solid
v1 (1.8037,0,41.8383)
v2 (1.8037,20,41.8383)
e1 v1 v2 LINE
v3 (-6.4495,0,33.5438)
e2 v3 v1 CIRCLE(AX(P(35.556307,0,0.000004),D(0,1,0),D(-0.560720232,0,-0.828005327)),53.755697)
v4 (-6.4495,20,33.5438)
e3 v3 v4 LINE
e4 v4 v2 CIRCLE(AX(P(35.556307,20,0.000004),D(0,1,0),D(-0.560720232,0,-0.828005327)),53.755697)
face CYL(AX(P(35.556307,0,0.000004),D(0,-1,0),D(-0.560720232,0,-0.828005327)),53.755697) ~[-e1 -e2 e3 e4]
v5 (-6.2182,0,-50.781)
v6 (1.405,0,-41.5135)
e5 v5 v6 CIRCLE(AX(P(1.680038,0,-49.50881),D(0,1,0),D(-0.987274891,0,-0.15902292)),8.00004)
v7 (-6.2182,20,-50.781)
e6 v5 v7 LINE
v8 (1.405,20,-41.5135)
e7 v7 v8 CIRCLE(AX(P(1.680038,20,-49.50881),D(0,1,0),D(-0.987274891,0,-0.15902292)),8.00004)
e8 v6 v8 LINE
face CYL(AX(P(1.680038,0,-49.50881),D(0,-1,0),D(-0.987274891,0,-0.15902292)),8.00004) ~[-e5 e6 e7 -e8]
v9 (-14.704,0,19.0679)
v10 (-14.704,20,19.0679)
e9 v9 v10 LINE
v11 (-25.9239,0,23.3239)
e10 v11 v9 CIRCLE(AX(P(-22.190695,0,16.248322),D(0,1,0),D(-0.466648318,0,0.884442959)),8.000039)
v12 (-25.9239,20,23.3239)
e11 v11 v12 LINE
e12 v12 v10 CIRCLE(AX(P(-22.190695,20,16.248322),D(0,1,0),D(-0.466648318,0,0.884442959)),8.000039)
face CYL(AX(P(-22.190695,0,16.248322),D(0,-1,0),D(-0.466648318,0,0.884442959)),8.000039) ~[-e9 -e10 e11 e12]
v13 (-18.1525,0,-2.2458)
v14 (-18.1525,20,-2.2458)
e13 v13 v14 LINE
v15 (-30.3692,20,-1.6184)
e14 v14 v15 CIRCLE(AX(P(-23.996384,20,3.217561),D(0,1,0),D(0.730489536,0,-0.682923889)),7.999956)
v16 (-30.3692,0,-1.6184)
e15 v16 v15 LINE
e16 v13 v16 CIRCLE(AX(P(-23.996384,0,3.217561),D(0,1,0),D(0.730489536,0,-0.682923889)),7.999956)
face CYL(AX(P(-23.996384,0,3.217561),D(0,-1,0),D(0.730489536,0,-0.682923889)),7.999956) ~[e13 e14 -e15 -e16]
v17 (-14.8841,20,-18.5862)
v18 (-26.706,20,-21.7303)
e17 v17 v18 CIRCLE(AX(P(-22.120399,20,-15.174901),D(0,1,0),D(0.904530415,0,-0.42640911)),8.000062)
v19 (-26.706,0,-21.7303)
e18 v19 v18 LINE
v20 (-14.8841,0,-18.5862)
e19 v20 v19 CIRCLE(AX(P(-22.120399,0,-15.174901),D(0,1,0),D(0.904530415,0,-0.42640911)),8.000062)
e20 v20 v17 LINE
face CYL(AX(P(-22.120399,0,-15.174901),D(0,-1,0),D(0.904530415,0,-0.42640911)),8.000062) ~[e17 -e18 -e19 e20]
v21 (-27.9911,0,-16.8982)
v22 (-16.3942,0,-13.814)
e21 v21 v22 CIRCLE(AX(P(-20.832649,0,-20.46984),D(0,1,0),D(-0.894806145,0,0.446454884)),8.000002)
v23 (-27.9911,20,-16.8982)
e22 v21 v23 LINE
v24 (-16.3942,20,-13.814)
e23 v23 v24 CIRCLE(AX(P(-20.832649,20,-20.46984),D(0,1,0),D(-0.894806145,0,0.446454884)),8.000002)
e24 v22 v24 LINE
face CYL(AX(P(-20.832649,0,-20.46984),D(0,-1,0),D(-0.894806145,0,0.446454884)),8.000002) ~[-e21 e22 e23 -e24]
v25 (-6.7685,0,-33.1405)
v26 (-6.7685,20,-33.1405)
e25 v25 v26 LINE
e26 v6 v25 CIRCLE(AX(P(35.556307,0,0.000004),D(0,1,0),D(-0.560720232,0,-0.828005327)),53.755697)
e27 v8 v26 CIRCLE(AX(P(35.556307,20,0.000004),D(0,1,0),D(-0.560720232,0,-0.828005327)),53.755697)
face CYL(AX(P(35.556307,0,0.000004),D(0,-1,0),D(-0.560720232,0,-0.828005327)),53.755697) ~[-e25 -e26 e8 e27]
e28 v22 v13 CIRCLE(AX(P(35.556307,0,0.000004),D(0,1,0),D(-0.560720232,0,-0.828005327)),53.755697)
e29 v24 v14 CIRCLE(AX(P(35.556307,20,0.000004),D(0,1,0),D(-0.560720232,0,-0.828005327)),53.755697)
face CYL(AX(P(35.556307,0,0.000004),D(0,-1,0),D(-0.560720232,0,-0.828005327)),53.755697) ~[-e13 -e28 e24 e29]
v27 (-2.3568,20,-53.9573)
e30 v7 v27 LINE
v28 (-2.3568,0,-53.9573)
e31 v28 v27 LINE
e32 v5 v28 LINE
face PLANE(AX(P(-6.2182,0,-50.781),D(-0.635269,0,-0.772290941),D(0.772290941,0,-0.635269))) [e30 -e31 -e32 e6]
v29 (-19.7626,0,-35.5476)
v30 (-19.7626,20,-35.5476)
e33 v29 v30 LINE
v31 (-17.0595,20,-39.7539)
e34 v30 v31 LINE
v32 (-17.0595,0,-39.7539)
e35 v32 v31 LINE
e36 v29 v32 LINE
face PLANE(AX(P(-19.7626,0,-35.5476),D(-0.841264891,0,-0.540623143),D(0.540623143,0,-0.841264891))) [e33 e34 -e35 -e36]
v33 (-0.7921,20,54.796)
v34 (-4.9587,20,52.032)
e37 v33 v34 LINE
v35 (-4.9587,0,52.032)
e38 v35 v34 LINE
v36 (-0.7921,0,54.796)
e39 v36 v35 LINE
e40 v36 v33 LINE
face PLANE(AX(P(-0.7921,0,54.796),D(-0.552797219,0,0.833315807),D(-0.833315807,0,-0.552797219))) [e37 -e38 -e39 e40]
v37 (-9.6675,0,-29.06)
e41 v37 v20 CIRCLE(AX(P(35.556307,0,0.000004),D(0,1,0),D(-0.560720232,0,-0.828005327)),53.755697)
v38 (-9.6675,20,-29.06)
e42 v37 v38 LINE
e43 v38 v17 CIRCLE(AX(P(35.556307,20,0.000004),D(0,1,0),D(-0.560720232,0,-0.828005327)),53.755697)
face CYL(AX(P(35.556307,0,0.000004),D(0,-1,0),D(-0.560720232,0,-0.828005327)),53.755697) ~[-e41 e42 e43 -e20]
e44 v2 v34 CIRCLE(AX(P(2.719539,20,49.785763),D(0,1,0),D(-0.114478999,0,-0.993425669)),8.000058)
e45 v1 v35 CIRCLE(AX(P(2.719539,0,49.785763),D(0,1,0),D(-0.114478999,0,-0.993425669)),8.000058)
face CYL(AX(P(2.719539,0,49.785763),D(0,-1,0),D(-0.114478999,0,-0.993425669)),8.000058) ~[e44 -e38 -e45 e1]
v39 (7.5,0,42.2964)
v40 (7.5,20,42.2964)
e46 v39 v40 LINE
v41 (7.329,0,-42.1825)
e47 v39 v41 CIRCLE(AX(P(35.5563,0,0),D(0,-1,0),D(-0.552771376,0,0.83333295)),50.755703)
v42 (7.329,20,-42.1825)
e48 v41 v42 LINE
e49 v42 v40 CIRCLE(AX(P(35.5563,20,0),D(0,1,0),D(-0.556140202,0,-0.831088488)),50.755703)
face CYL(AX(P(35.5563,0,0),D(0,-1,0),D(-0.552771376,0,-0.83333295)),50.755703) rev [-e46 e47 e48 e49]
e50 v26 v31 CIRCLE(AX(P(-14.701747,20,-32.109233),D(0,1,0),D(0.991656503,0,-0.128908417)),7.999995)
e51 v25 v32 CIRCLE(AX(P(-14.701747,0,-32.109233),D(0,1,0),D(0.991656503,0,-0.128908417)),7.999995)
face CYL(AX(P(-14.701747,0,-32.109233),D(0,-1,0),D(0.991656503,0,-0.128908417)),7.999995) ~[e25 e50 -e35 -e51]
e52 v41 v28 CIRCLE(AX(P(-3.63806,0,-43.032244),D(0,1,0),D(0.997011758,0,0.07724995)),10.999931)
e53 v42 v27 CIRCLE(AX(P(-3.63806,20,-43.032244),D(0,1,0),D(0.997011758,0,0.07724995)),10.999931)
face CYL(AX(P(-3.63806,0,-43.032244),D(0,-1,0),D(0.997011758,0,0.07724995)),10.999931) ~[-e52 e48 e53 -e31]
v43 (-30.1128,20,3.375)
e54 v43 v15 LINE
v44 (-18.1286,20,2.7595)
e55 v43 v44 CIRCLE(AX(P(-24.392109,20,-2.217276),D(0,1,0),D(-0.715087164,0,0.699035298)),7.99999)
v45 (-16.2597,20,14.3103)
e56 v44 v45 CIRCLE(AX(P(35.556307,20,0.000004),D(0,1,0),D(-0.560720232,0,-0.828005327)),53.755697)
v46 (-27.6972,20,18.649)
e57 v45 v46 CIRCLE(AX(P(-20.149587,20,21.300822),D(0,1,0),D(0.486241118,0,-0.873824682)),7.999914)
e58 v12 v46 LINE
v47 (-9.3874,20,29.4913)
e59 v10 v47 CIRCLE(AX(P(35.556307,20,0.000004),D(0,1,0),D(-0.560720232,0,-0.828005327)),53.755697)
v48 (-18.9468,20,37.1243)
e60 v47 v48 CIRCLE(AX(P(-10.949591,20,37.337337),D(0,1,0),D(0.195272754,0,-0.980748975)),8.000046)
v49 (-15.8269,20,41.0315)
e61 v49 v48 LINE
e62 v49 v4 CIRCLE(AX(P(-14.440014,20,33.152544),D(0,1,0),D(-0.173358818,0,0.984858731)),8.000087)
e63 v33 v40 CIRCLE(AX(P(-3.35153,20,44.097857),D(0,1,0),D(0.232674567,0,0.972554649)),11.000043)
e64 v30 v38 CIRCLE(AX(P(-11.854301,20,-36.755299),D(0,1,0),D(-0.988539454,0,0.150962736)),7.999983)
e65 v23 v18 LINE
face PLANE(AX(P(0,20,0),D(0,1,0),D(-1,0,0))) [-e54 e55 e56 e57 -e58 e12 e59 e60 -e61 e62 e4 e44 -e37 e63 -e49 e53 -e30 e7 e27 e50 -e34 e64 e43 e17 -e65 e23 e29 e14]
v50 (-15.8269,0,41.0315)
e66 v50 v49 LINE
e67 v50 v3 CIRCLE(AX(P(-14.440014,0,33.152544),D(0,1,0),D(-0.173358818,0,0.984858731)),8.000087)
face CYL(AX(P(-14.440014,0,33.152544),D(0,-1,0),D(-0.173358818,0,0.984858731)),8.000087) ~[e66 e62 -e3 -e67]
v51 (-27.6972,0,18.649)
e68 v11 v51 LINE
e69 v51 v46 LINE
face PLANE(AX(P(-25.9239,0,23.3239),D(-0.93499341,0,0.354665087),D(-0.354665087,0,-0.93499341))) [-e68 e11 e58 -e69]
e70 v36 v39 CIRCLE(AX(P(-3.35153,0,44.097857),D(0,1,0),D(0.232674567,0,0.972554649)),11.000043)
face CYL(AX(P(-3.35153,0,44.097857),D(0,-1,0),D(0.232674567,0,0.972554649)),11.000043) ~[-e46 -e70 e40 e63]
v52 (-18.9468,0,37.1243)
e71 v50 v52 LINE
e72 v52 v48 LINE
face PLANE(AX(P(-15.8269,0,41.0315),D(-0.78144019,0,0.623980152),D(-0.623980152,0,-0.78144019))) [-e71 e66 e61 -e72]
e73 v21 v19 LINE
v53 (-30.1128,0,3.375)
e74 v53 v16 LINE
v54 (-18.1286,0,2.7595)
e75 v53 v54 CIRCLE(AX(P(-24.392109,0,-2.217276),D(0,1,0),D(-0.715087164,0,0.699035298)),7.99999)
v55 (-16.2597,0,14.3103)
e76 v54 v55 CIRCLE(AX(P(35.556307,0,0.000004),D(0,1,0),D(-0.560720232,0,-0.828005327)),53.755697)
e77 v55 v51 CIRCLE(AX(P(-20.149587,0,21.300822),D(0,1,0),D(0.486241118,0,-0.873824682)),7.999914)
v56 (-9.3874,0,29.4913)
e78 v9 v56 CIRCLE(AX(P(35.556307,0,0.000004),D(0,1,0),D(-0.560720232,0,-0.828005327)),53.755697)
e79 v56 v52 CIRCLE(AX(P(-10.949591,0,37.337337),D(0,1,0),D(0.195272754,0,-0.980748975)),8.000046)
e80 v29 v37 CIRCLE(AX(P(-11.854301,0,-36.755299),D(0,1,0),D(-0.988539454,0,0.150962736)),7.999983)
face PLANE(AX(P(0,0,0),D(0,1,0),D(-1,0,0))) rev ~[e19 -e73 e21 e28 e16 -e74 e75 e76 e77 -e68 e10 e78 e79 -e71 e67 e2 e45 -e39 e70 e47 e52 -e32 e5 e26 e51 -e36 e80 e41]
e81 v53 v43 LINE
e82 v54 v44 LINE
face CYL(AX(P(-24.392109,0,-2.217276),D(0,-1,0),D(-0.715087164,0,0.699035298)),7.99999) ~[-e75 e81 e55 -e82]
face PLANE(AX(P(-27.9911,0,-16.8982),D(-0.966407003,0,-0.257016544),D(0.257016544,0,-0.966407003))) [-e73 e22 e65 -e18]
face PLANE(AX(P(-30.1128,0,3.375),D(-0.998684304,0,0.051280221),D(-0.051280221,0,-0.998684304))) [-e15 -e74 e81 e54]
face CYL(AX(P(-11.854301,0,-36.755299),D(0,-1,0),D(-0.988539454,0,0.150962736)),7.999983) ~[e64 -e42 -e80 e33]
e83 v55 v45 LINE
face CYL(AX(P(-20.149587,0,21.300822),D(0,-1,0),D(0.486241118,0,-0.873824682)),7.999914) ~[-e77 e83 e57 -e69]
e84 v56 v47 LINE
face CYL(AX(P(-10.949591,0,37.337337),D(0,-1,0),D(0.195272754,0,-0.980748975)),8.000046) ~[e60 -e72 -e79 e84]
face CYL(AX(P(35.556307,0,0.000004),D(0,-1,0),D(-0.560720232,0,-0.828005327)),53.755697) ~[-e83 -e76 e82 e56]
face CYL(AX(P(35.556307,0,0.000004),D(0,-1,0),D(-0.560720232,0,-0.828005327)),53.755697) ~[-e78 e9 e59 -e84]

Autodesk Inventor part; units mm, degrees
ref_plane "YZ Plane" through (0, 0, 0) normal (1, 0, 0) x (0, 1, 0)
ref_plane "XZ Plane" through (0, 0, 0) normal (0, 1, 0) x (-1, 0, 0)
ref_plane "XY Plane" through (0, 0, 0) normal (0, 0, 1) x (1, 0, 0)
sketch "Sketch1" plane through (0, 0, 0) normal (0, 1, 0) x (-1, 0, 0)
  line L0 (-34.333, 34.6818) -> (-49.333, 34.6818) construction
  line L1 (-34.333, -45.5191) -> (-34.333, 34.6818) construction
  line L2 (-34.333, 34.6818) -> (-49.333, -49.911) construction
  line L3 (-34.333, 34.6818) -> (-34.333, 29.6818) construction
  line L4 (-34.333, 19.6818) -> (-46.333, 19.6818) construction
  line L5 (-46.333, 19.6818) -> (-46.333, 29.6818) construction
  line L6 (-46.333, 29.6818) -> (-34.333, 29.6818) construction
  line L7 (-34.333, 3.6818) -> (-46.333, 3.6818) construction
  line L8 (-46.333, 3.6818) -> (-46.333, 13.6818) construction
  line L9 (-46.333, 13.6818) -> (-34.333, 13.6818) construction
  line L10 (-34.333, -12.3182) -> (-46.333, -12.3182) construction
  line L11 (-46.333, -12.3182) -> (-46.333, -2.3182) construction
  line L12 (-46.333, -2.3182) -> (-34.333, -2.3182) construction
  line L13 (-34.333, -28.3182) -> (-46.333, -28.3182) construction
  line L14 (-46.333, -28.3182) -> (-46.333, -18.3182) construction
  line L15 (-46.333, -18.3182) -> (-34.333, -18.3182) construction
  line L16 (-34.333, -44.3182) -> (-46.333, -44.3182) construction
  line L17 (-46.333, -44.3182) -> (-46.333, -34.3182) construction
  line L18 (-46.333, -34.3182) -> (-34.333, -34.3182) construction
  line L19 (-34.333, -60.3182) -> (-46.333, -60.3182) construction
  line L20 (-46.333, -60.3182) -> (-46.333, -50.3182) construction
  line L21 (-46.333, -50.3182) -> (-34.333, -50.3182) construction
  line L22 (-34.333, 19.6818) -> (-34.333, 13.6818) construction
  line L23 (-34.333, 3.6818) -> (-34.333, -2.3182) construction
  line L24 (-34.333, -12.3182) -> (-34.333, -18.3182) construction
  line L25 (-34.333, -28.3182) -> (-34.333, -34.3182) construction
  arc A0 (-7.5, -42.2964) -> (-7.5, 42.2964) centre (-35.5563, 0) ccw
  line L26 (-49.333, 34.6818) -> (-49.333, -65.3182) construction
  line L27 (-49.333, -65.3182) -> (-34.333, -65.3182) construction
  line L28 (-34.333, -65.3182) -> (-34.333, -60.3182) construction
  line L29 (0.7921, 54.796) -> (-7.5, 42.2964)
  line L30 (0.7921, 54.796) -> (4.9587, 52.032)
  line L31 (-1.8037, 41.8383) -> (4.9587, 52.032)
  line L32 (9.3874, 29.4913) -> (18.9468, 37.1243)
  line L33 (15.8269, 41.0315) -> (18.9468, 37.1243)
  line L34 (15.8269, 41.0315) -> (4.1052, 31.6719)
  line L35 (16.2597, 14.3103) -> (27.6972, 18.649)
  line L36 (25.9239, 23.3239) -> (27.6972, 18.649)
  line L37 (25.9239, 23.3239) -> (11.899, 18.0039)
  line L38 (18.1525, -2.2458) -> (30.3692, -1.6184)
  line L39 (30.1128, 3.375) -> (30.3692, -1.6184)
  line L40 (30.1128, 3.375) -> (15.1325, 2.6057)
  line L41 (14.8841, -18.5862) -> (26.706, -21.7303)
  line L42 (27.9911, -16.8982) -> (26.706, -21.7303)
  line L43 (27.9911, -16.8982) -> (13.495, -13.0429)
  line L44 (6.7685, -33.1405) -> (17.0595, -39.7539)
  line L45 (19.7626, -35.5476) -> (17.0595, -39.7539)
  line L46 (19.7626, -35.5476) -> (7.1437, -27.4381)
  line L47 (-5.4144, -44.51) -> (2.3568, -53.9573)
  line L48 (6.2182, -50.781) -> (2.3568, -53.9573)
  line L49 (6.2182, -50.781) -> (-3.3108, -39.1966)
  arc A1 (-5.4144, -44.51) -> (-5.8417, 44.7964) centre (-35.5563, 0) ccw
  line L50 (2.3568, -53.9573) -> (-7.329, -42.1825)
  arc A2 (0.7921, 54.796) -> (-7.5, 42.2964) centre (3.3515, 44.0979) ccw
  arc A3 (15.8269, 41.0315) -> (6.4495, 33.5438) centre (14.44, 33.1526) ccw
  arc A4 (9.3874, 29.4913) -> (18.9468, 37.1243) centre (10.9496, 37.3373) ccw
  arc A5 (25.9239, 23.3239) -> (14.704, 19.0679) centre (22.1907, 16.2484) ccw
  arc A6 (16.2597, 14.3103) -> (27.6972, 18.649) centre (20.1496, 21.301) ccw
  arc A7 (30.1128, 3.375) -> (18.1286, 2.7595) centre (24.3921, -2.2173) ccw
  arc A8 (18.1525, -2.2458) -> (30.3692, -1.6184) centre (23.9964, 3.2176) ccw
  arc A9 (27.9911, -16.8982) -> (16.3942, -13.814) centre (20.8326, -20.4699) ccw
  arc A10 (14.8841, -18.5862) -> (26.706, -21.7303) centre (22.1204, -15.1749) ccw
  arc A11 (19.7626, -35.5476) -> (9.6675, -29.06) centre (11.8543, -36.7553) ccw
  arc A12 (6.7685, -33.1405) -> (17.0595, -39.7539) centre (14.7018, -32.1092) ccw
  arc A13 (6.2182, -50.781) -> (-1.405, -41.5135) centre (-1.68, -49.5088) ccw
  arc A14 (-7.329, -42.1825) -> (2.3568, -53.9573) centre (3.6382, -43.0322) ccw
  arc A15 (-1.8037, 41.8383) -> (4.9587, 52.032) centre (-2.7195, 49.7857) ccw
  point P0 (0, 0)
  point P1 (-34.333, -5.4186)
  point P2 (-1.405, -41.5135)
  point P3 (9.6675, -29.06)
  point P4 (16.3942, -13.814)
  point P5 (18.1286, 2.7595)
  point P6 (14.704, 19.0679)
  point P7 (6.4495, 33.5438)
  point P8 (-7.5, 42.2964)
  dimension "d4" = 5
  dimension "d5" = 10
  dimension "d6" = 12
  dimension "d9" = 16
  dimension "d14" = 10
  dimension "d19" = 100
  dimension "d20" = 3
  dimension "d25" = 5
  dimension "d28" = 107
  dimension "d30" = 17.833
  dimension "d31" = 50.7557
  dimension "d32" = 11
  dimension "d34" = 8
  dimension "d35" = 8
  dimension "d36" = 8
  dimension "d37" = 8
  dimension "d38" = 8
  dimension "d39" = 8
  dimension "d40" = 8
  dimension "d41" = 8
  dimension "d42" = 8
  dimension "d43" = 8
  dimension "d44" = 8
  dimension "d46" = 11
  dimension "d47" = 8
extrude "Extrusion1" add sketch "Sketch1" along normal blind 20
properties part number "pneunet_approximate_test_first_bend_INFLATED"
